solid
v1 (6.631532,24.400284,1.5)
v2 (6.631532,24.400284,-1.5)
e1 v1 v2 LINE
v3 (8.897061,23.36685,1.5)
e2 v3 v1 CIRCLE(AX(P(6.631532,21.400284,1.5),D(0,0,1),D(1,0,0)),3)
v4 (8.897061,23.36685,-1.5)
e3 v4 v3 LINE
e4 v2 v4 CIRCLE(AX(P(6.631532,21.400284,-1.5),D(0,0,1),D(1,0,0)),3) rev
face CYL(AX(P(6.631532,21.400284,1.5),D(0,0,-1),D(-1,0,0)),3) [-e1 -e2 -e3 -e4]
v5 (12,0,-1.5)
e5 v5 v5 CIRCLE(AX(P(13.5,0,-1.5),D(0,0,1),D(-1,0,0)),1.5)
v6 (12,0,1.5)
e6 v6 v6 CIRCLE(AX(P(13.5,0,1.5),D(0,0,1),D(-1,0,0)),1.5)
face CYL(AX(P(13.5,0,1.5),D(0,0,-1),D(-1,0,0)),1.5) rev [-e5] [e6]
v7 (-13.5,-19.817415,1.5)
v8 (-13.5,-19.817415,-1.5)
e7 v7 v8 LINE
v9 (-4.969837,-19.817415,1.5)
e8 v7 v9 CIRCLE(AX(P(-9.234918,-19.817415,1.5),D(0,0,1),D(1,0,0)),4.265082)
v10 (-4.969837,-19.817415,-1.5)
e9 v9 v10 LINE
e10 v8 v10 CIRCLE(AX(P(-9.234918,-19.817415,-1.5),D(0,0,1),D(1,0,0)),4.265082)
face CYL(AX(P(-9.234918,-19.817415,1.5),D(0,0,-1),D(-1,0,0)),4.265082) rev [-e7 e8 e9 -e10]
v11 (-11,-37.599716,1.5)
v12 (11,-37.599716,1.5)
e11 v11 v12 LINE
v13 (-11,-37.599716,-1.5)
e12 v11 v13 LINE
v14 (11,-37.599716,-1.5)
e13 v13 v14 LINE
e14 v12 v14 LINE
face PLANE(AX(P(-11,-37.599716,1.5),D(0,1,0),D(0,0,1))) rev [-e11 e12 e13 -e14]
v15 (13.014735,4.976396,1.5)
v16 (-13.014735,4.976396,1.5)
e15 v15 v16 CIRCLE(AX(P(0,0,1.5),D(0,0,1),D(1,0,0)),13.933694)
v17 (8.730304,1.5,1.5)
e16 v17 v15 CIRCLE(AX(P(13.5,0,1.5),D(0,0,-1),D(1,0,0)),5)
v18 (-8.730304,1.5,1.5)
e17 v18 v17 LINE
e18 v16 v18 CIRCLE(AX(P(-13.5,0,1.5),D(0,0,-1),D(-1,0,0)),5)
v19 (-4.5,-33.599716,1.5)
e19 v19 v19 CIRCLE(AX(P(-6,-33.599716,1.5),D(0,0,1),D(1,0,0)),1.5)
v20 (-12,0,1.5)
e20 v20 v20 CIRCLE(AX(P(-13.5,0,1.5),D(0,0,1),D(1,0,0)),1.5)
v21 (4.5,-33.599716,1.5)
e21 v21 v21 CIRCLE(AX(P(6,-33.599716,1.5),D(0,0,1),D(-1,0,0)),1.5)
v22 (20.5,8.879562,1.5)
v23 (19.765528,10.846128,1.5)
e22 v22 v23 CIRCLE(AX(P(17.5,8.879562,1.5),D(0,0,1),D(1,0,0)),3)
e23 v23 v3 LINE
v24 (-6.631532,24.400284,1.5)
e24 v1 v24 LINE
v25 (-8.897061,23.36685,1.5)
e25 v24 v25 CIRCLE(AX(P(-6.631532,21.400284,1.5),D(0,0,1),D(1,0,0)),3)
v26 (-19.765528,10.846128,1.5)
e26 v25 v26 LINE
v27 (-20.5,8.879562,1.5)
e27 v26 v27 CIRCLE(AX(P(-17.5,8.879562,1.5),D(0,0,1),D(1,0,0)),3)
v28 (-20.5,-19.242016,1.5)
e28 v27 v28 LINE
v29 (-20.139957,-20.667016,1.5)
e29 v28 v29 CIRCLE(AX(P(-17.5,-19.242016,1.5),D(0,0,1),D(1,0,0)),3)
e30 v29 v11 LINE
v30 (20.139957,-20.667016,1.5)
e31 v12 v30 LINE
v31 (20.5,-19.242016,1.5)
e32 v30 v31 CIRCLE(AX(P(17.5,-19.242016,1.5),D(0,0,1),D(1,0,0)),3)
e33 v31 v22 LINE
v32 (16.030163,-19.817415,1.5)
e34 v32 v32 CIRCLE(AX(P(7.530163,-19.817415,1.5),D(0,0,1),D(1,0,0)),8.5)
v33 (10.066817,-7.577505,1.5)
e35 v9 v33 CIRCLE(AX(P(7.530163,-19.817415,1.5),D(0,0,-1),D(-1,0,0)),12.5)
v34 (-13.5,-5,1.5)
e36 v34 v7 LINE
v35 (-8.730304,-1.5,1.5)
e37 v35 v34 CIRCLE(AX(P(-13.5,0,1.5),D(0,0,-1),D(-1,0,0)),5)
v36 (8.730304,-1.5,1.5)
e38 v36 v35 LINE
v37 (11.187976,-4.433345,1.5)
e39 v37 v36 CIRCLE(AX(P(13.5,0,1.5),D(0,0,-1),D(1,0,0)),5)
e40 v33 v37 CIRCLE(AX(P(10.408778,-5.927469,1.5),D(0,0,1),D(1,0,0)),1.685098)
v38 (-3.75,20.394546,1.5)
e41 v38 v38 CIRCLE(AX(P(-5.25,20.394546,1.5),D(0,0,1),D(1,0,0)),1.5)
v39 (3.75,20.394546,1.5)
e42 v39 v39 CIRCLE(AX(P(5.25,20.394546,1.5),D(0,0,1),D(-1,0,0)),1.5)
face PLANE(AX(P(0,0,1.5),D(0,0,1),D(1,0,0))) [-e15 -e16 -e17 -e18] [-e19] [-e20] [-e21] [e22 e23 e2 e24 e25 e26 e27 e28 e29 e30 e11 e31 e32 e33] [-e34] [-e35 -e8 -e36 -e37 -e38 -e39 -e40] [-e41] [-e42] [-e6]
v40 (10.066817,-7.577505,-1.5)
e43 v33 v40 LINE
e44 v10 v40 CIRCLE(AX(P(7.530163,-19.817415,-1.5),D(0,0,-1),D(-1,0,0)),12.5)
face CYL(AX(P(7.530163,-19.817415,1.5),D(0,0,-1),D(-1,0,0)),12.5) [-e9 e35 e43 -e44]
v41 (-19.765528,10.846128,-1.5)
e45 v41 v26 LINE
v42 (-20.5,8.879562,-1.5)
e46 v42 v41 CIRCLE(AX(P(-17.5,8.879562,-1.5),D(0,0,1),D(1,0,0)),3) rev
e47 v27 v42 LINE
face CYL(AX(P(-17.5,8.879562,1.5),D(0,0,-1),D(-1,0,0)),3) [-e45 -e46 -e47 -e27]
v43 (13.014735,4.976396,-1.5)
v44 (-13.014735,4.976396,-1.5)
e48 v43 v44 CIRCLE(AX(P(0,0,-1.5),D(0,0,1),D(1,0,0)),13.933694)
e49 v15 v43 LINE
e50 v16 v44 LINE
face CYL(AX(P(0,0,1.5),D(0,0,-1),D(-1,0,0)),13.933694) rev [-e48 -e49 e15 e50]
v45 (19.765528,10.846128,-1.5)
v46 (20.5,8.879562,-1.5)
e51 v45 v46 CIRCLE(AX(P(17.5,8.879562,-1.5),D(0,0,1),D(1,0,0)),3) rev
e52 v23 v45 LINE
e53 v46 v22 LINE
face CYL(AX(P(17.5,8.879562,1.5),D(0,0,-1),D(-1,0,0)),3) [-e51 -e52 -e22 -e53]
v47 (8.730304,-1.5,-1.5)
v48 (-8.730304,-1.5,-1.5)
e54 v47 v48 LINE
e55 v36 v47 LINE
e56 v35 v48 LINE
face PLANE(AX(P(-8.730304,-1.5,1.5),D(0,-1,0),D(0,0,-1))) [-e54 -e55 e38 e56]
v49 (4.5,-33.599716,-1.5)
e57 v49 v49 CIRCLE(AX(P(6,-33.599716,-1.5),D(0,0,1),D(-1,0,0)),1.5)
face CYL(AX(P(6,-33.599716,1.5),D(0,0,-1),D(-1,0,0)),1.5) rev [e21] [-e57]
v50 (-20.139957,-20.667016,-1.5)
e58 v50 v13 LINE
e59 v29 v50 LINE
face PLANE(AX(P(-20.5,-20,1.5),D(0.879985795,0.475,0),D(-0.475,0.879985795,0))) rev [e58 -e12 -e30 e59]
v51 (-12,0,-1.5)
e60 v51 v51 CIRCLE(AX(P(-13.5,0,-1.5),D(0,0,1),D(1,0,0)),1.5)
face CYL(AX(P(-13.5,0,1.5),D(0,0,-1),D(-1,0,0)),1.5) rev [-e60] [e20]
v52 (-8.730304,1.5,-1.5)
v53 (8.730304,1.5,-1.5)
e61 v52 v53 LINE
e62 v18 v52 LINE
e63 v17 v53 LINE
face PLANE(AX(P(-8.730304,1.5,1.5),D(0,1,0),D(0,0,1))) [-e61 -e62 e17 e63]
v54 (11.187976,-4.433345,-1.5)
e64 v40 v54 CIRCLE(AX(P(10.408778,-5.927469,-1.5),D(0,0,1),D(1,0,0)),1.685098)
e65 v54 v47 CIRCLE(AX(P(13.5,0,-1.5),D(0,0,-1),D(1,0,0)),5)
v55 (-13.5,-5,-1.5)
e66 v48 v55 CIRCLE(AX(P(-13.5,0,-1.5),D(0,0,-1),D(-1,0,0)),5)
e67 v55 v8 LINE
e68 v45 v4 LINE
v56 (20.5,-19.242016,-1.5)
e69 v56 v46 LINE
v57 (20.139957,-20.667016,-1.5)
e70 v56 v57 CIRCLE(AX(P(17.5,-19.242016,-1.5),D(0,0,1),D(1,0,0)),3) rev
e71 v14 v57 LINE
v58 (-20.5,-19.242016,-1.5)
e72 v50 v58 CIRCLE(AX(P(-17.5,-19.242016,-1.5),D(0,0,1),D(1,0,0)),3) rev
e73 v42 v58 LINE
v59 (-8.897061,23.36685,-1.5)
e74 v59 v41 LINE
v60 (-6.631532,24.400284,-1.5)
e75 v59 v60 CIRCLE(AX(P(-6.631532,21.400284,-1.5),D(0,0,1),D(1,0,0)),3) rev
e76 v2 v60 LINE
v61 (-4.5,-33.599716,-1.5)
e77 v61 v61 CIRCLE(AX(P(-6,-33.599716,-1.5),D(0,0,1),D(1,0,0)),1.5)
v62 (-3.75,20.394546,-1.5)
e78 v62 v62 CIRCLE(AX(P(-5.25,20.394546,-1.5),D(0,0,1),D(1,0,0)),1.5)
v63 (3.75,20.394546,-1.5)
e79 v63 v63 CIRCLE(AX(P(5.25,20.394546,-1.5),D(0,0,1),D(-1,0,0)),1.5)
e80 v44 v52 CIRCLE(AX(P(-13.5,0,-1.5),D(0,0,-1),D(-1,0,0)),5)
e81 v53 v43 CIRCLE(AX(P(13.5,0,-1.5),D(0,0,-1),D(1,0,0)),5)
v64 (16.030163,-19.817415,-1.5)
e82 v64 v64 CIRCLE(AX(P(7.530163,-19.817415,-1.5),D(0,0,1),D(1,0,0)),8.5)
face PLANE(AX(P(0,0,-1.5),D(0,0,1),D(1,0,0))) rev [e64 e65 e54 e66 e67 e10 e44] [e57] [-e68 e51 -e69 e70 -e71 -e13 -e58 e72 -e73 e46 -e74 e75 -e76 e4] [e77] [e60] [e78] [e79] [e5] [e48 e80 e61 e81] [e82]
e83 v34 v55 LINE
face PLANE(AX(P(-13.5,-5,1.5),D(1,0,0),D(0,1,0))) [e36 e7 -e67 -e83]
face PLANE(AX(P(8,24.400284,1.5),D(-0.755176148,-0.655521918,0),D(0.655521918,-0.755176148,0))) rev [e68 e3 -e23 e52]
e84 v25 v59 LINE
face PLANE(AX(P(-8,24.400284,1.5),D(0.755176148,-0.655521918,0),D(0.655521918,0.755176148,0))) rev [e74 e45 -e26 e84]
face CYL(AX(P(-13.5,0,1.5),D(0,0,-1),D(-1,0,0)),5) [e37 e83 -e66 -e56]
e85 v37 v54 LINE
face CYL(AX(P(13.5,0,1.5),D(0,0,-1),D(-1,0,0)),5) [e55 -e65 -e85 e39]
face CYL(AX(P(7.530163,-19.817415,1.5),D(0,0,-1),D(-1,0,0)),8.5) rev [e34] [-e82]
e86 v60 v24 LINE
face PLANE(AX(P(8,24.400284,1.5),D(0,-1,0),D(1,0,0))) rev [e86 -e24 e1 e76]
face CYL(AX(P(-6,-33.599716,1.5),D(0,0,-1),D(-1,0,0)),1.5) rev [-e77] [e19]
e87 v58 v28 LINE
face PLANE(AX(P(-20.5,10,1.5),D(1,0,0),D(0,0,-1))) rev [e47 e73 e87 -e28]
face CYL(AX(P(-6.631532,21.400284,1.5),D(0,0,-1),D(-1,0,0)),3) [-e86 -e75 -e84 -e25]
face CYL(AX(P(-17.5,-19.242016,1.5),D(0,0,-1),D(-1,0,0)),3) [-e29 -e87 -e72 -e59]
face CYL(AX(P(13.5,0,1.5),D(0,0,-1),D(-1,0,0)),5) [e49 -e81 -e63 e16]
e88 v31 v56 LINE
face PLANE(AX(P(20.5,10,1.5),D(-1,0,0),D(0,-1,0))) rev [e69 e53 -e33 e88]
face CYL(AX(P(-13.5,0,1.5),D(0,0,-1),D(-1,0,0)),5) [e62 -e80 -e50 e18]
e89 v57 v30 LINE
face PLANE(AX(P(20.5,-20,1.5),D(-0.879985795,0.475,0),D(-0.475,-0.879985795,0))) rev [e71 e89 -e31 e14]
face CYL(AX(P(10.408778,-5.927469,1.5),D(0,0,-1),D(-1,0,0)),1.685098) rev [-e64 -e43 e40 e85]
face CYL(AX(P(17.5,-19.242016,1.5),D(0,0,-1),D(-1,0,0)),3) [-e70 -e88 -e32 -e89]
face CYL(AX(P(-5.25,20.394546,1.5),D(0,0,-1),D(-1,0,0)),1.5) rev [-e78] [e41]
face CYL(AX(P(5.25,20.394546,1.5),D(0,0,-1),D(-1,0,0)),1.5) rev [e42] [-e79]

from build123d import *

# Parameters (mm, degrees)
SKETCH1_R           = 1.5
SKETCH1_R_2         = 8.5
BOSS_EXTRUDE1_DEPTH = 1.5
FILLET1_R           = 3


with BuildPart() as part:
    # Sketch1 → Boss-Extrude1 (new body, symmetric)
    with BuildSketch(Plane.XY):
        Polygon((8, 24.400284093), (-8, 24.400284093), (-20.5, 10), (-20.5, -20), (-11, -37.599715907), (11, -37.599715907), (20.5, -20), (20.5, 10), align=None)
        with Locations((-5.25, 20.39454584)):
            Circle(SKETCH1_R, mode=Mode.SUBTRACT)
        with Locations((-13.5, 0)):
            Circle(SKETCH1_R, mode=Mode.SUBTRACT)
        with Locations((-6, -33.599715907)):
            Circle(SKETCH1_R, mode=Mode.SUBTRACT)
        with Locations((6, -33.599715907)):
            Circle(SKETCH1_R, mode=Mode.SUBTRACT)
        with Locations((13.5, 0)):
            Circle(SKETCH1_R, mode=Mode.SUBTRACT)
        with Locations((5.25, 20.39454584)):
            Circle(SKETCH1_R, mode=Mode.SUBTRACT)
        with Locations((7.530163354, -19.817414772)):
            Circle(SKETCH1_R_2, mode=Mode.SUBTRACT)
        with BuildLine():
            Line((-13.5, -5), (-13.5, -19.817414772))
            ThreePointArc((-13.5, -19.817414772), (-9.234918323, -24.082496449), (-4.969836646, -19.817414772))
            ThreePointArc((-4.969836646, -19.817414772), (-0.361028795, -10.12313365), (10.06681719, -7.57750516))
            ThreePointArc((10.06681719, -7.57750516), (11.99598649, -6.493442694), (11.187975781, -4.433344563))
            ThreePointArc((11.187975781, -4.433344563), (9.667400631, -3.211102938), (8.730303993, -1.5))
            Line((8.730303993, -1.5), (-8.730303993, -1.5))
            ThreePointArc((-8.730303993, -1.5), (-10.541960108, -4.031128874), (-13.5, -5))
        make_face(mode=Mode.SUBTRACT)
        with BuildLine():
            Line((-8.730303993, 1.5), (8.730303993, 1.5))
            ThreePointArc((8.730303993, 1.5), (10.349605217, 3.882655368), (13.014734561, 4.976396031))
            ThreePointArc((13.014734561, 4.976396031), (0, 13.933694167), (-13.014734561, 4.976396031))
            ThreePointArc((-13.014734561, 4.976396031), (-10.349605217, 3.882655368), (-8.730303993, 1.5))
        make_face(mode=Mode.SUBTRACT)
    extrude(amount=BOSS_EXTRUDE1_DEPTH, both=True)

    # Fillet1
    fillet1_edges = [part.edges().sort_by_distance(p)[0] for p in [
        (-20.5, -20, 0),
        (-20.5, 10, 0),
        (-8, 24.400284093, 0),
        (8, 24.400284093, 0),
        (20.5, 10, 0),
        (20.5, -20, 0),
    ]]
    fillet(fillet1_edges, radius=FILLET1_R)


solid = part.part
